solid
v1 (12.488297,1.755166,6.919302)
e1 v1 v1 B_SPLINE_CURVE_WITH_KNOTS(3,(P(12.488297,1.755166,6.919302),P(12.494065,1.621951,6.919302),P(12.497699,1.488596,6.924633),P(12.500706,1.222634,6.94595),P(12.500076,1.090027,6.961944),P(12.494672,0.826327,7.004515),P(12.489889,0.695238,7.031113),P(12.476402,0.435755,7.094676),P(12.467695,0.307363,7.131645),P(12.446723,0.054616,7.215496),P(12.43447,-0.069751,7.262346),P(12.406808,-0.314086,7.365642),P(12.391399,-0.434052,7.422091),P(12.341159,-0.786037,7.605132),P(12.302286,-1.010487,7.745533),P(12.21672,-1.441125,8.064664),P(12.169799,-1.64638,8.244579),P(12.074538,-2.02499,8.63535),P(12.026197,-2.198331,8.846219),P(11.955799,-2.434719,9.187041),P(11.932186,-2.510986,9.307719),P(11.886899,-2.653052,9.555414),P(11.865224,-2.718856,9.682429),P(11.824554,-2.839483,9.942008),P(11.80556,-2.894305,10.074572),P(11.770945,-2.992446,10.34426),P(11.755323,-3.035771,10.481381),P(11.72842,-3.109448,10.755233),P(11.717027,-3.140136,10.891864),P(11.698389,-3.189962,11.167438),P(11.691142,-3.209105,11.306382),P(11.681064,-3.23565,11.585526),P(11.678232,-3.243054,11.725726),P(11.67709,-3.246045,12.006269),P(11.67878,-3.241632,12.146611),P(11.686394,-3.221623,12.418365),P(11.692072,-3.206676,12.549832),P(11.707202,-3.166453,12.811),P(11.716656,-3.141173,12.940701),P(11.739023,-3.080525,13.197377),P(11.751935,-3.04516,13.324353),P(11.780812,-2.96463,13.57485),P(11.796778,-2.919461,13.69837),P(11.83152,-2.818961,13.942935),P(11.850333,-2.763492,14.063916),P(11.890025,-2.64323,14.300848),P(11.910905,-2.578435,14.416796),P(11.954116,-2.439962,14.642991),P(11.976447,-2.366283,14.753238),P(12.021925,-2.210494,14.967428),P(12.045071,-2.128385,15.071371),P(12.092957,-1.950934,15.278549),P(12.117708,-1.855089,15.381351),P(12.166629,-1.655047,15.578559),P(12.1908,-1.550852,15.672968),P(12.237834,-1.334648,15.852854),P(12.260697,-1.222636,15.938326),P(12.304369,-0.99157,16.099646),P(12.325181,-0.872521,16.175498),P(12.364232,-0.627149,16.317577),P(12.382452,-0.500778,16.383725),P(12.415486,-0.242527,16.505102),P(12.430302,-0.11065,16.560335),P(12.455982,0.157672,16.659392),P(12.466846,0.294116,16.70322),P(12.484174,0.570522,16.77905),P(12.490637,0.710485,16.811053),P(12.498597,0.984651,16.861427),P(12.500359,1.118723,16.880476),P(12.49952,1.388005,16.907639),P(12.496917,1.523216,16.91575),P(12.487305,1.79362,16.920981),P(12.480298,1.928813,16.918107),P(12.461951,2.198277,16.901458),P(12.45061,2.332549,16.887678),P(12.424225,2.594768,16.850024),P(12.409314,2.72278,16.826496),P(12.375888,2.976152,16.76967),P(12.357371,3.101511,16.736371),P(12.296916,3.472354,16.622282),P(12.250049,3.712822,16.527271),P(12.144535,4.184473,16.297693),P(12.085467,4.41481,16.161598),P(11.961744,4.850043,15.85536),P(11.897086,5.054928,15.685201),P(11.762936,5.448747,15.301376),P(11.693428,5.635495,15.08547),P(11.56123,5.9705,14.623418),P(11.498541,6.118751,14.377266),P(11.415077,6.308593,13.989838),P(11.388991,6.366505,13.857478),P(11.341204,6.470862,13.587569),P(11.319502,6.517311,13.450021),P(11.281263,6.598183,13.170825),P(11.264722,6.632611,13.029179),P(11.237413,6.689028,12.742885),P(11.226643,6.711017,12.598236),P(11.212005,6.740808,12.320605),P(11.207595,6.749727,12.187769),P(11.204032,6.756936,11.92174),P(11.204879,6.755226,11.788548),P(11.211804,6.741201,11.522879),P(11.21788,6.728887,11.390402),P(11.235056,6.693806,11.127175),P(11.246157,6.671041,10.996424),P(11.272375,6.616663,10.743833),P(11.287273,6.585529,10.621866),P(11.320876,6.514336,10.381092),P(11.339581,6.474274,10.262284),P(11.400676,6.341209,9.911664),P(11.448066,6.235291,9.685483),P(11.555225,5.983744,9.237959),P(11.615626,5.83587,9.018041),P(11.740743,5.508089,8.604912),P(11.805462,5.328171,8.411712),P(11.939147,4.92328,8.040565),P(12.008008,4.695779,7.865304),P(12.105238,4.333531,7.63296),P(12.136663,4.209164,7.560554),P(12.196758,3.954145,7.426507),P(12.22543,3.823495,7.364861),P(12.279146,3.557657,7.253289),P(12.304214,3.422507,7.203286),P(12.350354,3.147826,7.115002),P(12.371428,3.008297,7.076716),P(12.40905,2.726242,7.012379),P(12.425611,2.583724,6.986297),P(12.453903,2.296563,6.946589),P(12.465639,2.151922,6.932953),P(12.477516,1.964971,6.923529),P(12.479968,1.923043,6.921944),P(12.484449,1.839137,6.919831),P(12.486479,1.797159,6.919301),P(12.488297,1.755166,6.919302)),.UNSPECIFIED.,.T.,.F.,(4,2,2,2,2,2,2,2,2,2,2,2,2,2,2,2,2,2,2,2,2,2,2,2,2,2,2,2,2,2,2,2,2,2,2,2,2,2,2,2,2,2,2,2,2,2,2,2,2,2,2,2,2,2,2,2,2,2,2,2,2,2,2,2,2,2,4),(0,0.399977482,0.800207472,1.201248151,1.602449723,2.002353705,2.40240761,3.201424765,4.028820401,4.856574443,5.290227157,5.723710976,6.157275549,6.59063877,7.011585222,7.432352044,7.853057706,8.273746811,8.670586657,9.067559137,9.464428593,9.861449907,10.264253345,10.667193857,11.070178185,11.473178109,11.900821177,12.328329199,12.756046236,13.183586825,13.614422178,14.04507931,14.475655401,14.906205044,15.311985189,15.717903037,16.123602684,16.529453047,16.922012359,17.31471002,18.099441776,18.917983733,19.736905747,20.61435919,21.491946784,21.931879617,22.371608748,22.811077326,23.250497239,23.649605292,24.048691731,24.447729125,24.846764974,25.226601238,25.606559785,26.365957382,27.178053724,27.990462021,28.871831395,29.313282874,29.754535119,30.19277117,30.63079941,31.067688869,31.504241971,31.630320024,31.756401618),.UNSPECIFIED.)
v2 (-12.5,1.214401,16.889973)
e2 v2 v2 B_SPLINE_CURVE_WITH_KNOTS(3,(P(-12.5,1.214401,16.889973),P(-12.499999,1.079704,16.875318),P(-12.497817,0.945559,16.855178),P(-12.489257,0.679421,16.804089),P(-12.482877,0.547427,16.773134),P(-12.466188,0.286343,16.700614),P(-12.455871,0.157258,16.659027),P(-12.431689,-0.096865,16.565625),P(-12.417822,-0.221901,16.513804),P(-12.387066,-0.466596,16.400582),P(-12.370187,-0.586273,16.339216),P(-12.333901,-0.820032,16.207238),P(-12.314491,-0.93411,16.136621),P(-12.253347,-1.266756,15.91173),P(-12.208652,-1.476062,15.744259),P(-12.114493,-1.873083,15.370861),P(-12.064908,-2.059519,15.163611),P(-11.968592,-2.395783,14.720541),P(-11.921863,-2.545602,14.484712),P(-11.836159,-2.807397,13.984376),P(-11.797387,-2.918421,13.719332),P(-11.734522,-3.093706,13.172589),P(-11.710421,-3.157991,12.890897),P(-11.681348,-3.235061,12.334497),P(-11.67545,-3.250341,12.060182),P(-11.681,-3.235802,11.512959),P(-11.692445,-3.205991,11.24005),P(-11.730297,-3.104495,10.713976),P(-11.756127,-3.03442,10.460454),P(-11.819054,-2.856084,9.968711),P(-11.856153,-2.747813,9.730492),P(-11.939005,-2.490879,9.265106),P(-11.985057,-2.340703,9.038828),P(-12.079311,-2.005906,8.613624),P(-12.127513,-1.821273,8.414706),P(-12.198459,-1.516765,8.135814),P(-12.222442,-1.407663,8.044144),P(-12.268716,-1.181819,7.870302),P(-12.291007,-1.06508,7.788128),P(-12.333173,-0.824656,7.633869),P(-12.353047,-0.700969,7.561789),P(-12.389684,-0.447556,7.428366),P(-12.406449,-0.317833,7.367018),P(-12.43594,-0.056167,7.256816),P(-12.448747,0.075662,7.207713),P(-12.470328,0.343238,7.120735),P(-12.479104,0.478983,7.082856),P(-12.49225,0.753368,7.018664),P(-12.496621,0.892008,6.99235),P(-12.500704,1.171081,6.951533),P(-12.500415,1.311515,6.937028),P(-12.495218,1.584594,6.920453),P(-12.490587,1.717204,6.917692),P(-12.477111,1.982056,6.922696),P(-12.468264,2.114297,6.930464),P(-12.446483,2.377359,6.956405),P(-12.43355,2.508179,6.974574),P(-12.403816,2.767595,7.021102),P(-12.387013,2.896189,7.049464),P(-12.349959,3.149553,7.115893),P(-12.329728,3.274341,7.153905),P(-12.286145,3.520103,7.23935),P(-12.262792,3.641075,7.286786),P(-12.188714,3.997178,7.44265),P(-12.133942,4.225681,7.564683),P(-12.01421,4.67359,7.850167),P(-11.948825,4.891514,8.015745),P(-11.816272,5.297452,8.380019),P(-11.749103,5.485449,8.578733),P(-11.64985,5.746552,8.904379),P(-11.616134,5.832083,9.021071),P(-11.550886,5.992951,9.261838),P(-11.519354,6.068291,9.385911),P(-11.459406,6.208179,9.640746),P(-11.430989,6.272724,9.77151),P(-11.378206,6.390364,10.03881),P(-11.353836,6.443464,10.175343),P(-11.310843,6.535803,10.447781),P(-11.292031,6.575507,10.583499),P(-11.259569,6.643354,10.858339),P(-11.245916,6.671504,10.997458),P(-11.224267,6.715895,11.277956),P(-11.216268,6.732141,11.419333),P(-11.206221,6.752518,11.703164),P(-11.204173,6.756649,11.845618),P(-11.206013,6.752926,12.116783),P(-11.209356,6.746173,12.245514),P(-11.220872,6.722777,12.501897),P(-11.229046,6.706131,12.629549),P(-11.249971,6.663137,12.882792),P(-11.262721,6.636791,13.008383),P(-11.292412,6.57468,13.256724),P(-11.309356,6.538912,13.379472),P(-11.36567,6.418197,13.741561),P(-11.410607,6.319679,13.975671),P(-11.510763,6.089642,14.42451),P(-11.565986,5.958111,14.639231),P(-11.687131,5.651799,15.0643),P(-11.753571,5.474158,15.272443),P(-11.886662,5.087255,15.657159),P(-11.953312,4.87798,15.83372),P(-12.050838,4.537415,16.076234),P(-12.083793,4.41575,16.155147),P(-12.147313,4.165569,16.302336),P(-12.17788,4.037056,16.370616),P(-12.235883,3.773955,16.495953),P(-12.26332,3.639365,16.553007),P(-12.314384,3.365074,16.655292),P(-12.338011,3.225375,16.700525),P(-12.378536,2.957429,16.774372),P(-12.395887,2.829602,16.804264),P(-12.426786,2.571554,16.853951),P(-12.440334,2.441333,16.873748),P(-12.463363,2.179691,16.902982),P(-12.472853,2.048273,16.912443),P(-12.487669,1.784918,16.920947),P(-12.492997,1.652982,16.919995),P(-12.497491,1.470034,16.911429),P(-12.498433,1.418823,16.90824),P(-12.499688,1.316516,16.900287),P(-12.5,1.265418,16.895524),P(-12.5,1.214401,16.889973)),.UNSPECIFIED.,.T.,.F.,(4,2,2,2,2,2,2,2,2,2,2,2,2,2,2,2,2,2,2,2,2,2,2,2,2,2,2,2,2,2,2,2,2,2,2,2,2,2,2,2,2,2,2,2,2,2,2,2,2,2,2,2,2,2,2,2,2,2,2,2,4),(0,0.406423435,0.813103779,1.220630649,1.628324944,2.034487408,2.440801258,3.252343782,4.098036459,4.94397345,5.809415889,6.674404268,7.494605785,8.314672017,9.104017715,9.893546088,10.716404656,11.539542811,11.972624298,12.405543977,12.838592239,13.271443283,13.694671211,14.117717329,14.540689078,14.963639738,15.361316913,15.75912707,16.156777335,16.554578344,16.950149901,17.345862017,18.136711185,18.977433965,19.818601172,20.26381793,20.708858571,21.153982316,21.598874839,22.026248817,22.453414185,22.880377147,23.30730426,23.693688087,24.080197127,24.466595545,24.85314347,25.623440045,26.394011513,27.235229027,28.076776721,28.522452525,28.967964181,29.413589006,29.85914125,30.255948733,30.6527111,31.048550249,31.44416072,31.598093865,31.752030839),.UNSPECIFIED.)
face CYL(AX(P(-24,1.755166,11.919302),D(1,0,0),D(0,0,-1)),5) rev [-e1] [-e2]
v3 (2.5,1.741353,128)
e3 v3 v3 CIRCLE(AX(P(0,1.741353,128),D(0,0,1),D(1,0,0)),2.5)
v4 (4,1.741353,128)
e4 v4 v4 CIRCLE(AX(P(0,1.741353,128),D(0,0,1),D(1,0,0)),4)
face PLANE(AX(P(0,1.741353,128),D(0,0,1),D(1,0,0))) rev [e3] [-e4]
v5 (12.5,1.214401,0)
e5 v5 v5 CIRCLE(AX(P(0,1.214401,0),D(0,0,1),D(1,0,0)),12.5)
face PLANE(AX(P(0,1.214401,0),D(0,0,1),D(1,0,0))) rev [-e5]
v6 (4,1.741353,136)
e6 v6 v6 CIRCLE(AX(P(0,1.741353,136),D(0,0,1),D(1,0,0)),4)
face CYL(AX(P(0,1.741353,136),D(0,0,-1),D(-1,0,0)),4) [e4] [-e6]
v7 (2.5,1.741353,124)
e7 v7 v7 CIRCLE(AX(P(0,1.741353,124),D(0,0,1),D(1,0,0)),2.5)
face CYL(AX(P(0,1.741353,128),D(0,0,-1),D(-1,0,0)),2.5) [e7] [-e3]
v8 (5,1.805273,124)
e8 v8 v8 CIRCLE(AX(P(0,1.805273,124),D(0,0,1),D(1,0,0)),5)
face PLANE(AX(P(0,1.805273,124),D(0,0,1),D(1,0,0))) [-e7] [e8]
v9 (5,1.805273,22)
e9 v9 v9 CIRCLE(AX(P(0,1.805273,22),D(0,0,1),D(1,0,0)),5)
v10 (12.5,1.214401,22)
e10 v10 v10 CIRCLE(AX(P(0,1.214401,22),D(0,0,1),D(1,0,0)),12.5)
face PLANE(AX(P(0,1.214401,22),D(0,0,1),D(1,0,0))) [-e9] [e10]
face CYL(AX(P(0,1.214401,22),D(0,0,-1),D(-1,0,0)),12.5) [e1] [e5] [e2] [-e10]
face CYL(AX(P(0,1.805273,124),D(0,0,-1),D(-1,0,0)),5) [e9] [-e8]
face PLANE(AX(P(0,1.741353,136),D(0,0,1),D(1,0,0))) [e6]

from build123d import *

# Parameters (mm, degrees)
SKETCH4_R           = 12.5
BOSS_EXTRUDE3_DEPTH = 22
SKETCH5_R           = 5
CUT_EXTRUDE1_DEPTH  = 37
SKETCH6_R           = 5
BOSS_EXTRUDE4_DEPTH = 102
SKETCH7_R           = 2.5
BOSS_EXTRUDE5_DEPTH = 4
SKETCH8_R           = 4
BOSS_EXTRUDE6_DEPTH = 8


with BuildPart() as part:
    # Sketch4 → Boss-Extrude3 (new body)
    with BuildSketch(Plane.XY):
        with Locations((0, 1.214400682)):
            Circle(SKETCH4_R)
    extrude(amount=BOSS_EXTRUDE3_DEPTH)

    # Sketch5 → Cut-Extrude1 (cut)
    with BuildSketch(Plane(origin=(13, 0, 0), x_dir=(0, 0, -1), z_dir=(1, 0, 0))):
        with Locations((-11.919301613, 1.755166336)):
            Circle(SKETCH5_R)
    extrude(amount=-CUT_EXTRUDE1_DEPTH, mode=Mode.SUBTRACT)

    # Sketch6 → Boss-Extrude4 (add)
    with BuildSketch(Plane.XY.offset(22)):
        with Locations((0, 1.805272807)):
            Circle(SKETCH6_R)
    extrude(amount=BOSS_EXTRUDE4_DEPTH)

    # Sketch7 → Boss-Extrude5 (add)
    with BuildSketch(Plane.XY.offset(124)):
        with Locations((0, 1.74135251)):
            Circle(SKETCH7_R)
    extrude(amount=BOSS_EXTRUDE5_DEPTH)

    # Sketch8 → Boss-Extrude6 (add)
    with BuildSketch(Plane.XY.offset(128)):
        with Locations((0, 1.74135251)):
            Circle(SKETCH8_R)
    extrude(amount=BOSS_EXTRUDE6_DEPTH)


solid = part.part
